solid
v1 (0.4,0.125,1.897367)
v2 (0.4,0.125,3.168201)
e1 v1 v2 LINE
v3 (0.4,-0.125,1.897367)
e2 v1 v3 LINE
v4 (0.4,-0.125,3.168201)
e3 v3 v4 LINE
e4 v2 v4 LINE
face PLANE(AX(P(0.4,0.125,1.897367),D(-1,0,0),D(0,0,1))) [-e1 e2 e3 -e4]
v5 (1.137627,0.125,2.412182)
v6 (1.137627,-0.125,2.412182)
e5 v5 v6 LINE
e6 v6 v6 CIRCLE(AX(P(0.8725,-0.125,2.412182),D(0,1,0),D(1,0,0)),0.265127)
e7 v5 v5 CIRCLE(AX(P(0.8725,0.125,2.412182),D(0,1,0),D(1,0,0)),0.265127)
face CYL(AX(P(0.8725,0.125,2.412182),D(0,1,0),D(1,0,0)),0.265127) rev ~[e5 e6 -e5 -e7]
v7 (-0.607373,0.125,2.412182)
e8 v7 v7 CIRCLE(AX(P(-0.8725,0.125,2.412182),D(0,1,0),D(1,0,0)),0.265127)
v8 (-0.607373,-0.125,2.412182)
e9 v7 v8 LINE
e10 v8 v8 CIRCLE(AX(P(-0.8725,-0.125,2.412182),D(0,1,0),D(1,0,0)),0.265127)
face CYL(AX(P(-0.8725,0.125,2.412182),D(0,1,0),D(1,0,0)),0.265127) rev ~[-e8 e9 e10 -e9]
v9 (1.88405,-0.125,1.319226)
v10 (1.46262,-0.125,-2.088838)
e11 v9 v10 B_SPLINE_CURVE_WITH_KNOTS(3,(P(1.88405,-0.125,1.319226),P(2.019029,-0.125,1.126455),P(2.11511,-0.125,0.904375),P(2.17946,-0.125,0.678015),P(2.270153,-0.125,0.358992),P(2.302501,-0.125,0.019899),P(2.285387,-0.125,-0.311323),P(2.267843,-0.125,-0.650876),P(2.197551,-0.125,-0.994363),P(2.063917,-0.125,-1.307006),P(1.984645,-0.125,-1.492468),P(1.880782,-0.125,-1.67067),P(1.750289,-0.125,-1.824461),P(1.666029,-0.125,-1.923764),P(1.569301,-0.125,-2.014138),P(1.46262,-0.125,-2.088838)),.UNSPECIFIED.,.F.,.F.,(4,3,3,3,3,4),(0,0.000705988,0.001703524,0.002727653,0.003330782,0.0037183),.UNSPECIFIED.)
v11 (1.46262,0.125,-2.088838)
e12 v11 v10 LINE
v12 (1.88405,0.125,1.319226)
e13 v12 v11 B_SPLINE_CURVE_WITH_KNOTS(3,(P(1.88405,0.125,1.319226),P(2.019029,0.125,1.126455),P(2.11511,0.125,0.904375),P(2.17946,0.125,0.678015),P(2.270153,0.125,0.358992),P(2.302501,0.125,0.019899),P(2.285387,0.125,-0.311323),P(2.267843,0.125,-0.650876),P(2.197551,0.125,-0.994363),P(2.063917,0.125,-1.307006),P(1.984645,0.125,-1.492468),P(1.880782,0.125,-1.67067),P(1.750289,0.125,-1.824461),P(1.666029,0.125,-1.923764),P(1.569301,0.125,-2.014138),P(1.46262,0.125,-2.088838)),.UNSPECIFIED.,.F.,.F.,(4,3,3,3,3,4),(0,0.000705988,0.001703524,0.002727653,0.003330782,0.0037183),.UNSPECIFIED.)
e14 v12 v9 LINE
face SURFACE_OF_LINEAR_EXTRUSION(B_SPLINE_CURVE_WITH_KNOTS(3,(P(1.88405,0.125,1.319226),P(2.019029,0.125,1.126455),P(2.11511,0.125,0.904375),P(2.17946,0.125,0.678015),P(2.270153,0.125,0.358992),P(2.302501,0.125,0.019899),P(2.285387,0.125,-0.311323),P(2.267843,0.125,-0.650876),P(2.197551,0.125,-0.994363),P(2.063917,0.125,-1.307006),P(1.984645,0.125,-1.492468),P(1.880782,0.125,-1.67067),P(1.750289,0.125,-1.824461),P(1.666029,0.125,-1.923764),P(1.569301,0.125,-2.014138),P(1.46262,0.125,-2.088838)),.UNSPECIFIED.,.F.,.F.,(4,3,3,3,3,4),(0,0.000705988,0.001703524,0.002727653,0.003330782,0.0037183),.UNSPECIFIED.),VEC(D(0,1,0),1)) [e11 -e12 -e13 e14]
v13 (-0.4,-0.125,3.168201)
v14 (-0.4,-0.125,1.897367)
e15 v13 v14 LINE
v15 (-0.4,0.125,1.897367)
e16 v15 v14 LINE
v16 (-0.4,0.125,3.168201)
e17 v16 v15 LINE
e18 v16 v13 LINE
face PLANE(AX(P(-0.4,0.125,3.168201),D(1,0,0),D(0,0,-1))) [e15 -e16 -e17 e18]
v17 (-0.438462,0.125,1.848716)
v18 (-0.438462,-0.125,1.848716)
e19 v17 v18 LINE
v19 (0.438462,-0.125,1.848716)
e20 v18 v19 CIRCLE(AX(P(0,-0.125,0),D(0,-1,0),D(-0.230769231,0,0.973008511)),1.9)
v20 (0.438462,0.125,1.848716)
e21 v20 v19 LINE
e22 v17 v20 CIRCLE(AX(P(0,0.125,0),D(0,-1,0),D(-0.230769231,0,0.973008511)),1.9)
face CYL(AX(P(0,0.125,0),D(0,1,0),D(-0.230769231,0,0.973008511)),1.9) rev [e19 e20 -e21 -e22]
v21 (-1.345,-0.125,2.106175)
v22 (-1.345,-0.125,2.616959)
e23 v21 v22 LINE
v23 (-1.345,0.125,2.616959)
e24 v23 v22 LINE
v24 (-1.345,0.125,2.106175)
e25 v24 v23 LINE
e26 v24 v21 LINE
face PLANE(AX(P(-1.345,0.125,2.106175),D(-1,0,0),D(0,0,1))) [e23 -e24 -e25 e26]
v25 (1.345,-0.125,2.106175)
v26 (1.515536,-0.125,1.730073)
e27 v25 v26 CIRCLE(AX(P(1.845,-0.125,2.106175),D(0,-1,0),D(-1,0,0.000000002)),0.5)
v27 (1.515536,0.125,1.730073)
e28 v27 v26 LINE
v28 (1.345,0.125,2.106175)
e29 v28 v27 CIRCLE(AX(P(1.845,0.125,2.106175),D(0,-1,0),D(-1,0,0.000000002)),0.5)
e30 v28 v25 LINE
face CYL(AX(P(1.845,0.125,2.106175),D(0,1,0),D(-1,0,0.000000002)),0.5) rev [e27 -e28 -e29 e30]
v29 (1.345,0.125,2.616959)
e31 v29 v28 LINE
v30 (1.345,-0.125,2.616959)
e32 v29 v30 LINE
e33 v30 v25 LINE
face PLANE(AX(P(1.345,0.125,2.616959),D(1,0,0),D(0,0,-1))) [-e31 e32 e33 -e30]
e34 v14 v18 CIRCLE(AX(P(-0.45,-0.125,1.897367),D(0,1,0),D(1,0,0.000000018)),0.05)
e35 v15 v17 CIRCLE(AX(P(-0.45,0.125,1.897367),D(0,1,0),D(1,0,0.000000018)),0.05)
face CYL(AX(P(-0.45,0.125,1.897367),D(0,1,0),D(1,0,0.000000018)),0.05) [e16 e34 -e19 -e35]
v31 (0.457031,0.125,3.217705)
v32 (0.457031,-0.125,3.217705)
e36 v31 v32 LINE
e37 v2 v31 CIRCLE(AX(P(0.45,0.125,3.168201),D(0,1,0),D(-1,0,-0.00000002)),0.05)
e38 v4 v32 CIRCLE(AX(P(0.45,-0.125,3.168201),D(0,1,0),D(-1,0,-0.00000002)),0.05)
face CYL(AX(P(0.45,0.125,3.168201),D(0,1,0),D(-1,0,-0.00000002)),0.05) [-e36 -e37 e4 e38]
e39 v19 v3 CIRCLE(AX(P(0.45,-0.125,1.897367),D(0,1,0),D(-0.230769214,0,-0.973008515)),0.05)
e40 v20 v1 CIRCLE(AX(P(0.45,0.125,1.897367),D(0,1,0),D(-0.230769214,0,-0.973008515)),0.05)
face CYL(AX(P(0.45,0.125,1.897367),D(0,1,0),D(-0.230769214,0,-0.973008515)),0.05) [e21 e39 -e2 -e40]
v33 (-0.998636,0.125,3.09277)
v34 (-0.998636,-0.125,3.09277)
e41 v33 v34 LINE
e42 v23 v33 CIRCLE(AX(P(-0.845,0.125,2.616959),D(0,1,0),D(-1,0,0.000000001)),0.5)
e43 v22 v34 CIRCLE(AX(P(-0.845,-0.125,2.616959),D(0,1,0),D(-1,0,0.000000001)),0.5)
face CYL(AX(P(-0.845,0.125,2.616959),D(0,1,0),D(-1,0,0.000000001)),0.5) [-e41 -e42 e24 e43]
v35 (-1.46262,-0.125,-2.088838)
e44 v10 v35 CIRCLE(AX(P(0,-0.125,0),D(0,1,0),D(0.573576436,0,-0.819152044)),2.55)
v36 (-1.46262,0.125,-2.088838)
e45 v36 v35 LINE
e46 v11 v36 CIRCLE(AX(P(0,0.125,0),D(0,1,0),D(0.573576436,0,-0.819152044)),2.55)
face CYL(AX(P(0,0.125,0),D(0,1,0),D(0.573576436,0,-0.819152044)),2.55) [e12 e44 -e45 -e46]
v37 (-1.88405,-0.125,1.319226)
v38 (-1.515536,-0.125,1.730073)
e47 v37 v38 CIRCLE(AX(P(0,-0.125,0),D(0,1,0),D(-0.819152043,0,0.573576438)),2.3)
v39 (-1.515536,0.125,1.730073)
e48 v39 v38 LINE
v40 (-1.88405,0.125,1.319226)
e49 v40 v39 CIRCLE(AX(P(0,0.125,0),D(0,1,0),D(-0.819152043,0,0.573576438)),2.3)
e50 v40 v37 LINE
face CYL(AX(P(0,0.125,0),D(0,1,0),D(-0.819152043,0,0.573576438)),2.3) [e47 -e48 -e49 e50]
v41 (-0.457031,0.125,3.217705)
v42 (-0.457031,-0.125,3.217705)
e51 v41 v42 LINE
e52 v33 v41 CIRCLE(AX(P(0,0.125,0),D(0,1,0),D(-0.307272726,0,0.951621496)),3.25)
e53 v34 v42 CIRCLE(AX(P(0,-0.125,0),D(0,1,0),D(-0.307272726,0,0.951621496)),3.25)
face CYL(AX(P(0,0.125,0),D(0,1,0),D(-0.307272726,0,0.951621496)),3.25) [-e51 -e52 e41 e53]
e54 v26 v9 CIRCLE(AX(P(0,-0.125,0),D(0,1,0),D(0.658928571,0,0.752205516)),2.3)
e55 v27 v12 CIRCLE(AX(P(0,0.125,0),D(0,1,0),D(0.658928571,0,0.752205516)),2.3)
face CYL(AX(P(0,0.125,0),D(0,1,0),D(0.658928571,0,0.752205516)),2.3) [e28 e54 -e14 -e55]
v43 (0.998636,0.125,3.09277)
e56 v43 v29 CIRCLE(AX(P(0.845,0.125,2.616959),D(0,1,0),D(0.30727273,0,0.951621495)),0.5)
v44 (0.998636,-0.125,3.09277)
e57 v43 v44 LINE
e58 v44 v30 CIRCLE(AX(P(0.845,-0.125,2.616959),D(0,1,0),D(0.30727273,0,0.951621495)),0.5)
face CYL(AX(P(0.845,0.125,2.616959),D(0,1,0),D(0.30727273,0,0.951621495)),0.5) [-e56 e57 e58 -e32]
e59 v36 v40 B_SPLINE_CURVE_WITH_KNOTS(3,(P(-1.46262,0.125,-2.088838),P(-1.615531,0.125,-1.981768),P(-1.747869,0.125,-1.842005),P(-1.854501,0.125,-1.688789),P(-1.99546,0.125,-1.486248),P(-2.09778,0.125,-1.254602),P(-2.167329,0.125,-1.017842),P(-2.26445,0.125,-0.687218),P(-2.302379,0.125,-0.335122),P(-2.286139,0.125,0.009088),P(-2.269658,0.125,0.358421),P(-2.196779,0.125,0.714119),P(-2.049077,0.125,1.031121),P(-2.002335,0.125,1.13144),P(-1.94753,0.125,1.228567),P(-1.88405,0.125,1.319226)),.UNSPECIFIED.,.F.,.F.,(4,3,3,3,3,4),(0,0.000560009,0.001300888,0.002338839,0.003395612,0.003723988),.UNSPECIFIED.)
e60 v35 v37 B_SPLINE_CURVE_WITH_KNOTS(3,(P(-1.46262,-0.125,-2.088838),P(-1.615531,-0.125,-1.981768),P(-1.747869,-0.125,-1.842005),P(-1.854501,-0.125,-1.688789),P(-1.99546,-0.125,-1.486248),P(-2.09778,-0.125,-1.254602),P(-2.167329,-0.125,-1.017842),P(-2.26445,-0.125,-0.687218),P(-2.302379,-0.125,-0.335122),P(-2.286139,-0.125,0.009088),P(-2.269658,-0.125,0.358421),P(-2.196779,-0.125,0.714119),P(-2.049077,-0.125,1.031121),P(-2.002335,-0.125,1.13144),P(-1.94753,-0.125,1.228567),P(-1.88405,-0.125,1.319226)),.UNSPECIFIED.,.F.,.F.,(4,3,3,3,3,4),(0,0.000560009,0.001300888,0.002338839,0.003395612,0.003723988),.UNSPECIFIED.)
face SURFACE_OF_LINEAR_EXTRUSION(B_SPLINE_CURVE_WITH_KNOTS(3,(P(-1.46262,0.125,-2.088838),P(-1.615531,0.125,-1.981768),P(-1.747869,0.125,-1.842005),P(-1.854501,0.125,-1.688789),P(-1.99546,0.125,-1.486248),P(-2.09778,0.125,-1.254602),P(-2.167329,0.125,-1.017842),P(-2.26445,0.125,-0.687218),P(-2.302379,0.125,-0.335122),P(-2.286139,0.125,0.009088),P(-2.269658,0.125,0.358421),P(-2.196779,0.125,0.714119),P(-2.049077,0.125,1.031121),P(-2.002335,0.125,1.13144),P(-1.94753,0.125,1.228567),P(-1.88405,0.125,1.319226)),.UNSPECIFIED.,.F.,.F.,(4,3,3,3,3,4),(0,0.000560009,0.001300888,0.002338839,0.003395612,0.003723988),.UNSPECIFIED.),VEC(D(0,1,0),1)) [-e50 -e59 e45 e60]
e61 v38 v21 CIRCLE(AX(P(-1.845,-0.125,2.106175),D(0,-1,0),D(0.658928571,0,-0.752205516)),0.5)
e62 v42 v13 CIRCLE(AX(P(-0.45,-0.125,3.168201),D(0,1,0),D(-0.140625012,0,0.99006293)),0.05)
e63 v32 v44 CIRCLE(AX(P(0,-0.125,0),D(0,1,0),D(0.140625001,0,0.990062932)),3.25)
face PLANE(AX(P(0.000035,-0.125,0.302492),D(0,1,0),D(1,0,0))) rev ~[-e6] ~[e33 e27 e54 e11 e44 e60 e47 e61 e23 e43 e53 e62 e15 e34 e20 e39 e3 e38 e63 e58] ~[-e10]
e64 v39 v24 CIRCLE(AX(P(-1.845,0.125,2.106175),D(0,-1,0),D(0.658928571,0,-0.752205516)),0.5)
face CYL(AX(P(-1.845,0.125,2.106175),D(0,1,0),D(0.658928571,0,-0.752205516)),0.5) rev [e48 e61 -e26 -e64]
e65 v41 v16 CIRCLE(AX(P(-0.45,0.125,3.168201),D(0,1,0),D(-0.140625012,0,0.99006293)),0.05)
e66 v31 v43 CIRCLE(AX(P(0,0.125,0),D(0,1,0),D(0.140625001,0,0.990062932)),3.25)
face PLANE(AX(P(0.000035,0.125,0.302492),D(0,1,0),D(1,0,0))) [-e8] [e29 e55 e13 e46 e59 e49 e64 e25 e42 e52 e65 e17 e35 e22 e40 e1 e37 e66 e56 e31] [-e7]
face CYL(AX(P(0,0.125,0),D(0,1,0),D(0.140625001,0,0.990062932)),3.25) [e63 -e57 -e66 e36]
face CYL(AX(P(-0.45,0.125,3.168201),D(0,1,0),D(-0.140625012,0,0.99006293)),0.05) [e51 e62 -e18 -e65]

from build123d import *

# Parameters (mm, degrees)
SCHIZZO1_R                   = 0.265127494
ESTRUSIONE_ESTRUSIONE1_DEPTH = 0.25


with BuildPart() as part:
    # Schizzo1 → Estrusione-Estrusione1 (new body)
    with BuildSketch(Plane(origin=(0, 0.125, 0), x_dir=(1, 0, 0), z_dir=(0, 1, 0))):
        with BuildLine():
            Line((-0.4, -3.168201382), (-0.4, -1.897366596))
            ThreePointArc((-0.4, -1.897366596), (-0.410776773, -1.866357912), (-0.438461538, -1.848716171))
            ThreePointArc((-0.438461538, -1.848716171), (0, 1.9), (0.438461538, -1.848716171))
            ThreePointArc((0.438461538, -1.848716171), (0.410776773, -1.866357912), (0.4, -1.897366596))
            Line((0.4, -1.897366596), (0.4, -3.168201382))
            ThreePointArc((0.4, -3.168201382), (0.417224723, -3.205960901), (0.45703125, -3.217704529))
            ThreePointArc((0.45703125, -3.217704529), (0.730509561, -3.166836873), (0.998636364, -3.092769861))
            ThreePointArc((0.998636364, -3.092769861), (1.249238903, -2.911222446), (1.345, -2.616959113))
            Line((1.345, -2.616959113), (1.345, -2.106175444))
            ThreePointArc((1.345, -2.106175444), (1.38962535, -1.899695594), (1.515535714, -1.730072686))
            ThreePointArc((1.515535714, -1.730072686), (1.712160635, -1.535742804), (1.884049702, -1.319225804))
            add(Edge.make_bspline(
                [(1.884049702, -1.319225804), (2.019028975, -1.126455424), (2.115110162, -0.904375316), (2.179460327, -0.678015249), (2.270153104, -0.358991622), (2.302501228, -0.019899245), (2.285387374, 0.311323295), (2.26784312, 0.650875841), (2.197551078, 0.994363091), (2.063917418, 1.307006302), (1.984645052, 1.492468311), (1.88078204, 1.670669807), (1.750288587, 1.824460975), (1.666028558, 1.923764412), (1.569301455, 2.014138493), (1.462619913, 2.088837713)],
                knots=[0, 0, 0, 0, 0.000705988, 0.000705988, 0.000705988, 0.001703524, 0.001703524, 0.001703524, 0.002727653, 0.002727653, 0.002727653, 0.003330782, 0.003330782, 0.003330782, 0.0037183, 0.0037183, 0.0037183, 0.0037183], degree=3))
            ThreePointArc((1.462619913, 2.088837713), (0, 2.55), (-1.462619913, 2.088837713))
            add(Edge.make_bspline(
                [(-1.462619913, 2.088837713), (-1.615530694, 1.981768431), (-1.747869333, 1.842005153), (-1.854500953, 1.688788849), (-1.995460269, 1.486247938), (-2.097780092, 1.254601869), (-2.167328588, 1.017841745), (-2.264449586, 0.68721807), (-2.302378714, 0.335122463), (-2.286139342, -0.009087917), (-2.269658272, -0.358421336), (-2.196778774, -0.714119474), (-2.049077035, -1.031120515), (-2.002334914, -1.131439586), (-1.947529721, -1.228566942), (-1.884049702, -1.319225804)],
                knots=[0, 0, 0, 0, 0.000560009, 0.000560009, 0.000560009, 0.001300888, 0.001300888, 0.001300888, 0.002338839, 0.002338839, 0.002338839, 0.003395612, 0.003395612, 0.003395612, 0.003723988, 0.003723988, 0.003723988, 0.003723988], degree=3))
            ThreePointArc((-1.884049702, -1.319225804), (-1.712160635, -1.535742804), (-1.515535714, -1.730072686))
            ThreePointArc((-1.515535714, -1.730072686), (-1.38962535, -1.899695594), (-1.345, -2.106175444))
            Line((-1.345, -2.106175444), (-1.345, -2.616959113))
            ThreePointArc((-1.345, -2.616959113), (-1.249238903, -2.911222446), (-0.998636364, -3.092769861))
            ThreePointArc((-0.998636364, -3.092769861), (-0.730509561, -3.166836873), (-0.45703125, -3.217704529))
            ThreePointArc((-0.45703125, -3.217704529), (-0.417224723, -3.205960901), (-0.4, -3.168201382))
        make_face()
        with Locations((0.8725, -2.412182168)):
            Circle(SCHIZZO1_R, mode=Mode.SUBTRACT)
        with Locations((-0.8725, -2.412182168)):
            Circle(SCHIZZO1_R, mode=Mode.SUBTRACT)
    extrude(amount=-ESTRUSIONE_ESTRUSIONE1_DEPTH)


solid = part.part
